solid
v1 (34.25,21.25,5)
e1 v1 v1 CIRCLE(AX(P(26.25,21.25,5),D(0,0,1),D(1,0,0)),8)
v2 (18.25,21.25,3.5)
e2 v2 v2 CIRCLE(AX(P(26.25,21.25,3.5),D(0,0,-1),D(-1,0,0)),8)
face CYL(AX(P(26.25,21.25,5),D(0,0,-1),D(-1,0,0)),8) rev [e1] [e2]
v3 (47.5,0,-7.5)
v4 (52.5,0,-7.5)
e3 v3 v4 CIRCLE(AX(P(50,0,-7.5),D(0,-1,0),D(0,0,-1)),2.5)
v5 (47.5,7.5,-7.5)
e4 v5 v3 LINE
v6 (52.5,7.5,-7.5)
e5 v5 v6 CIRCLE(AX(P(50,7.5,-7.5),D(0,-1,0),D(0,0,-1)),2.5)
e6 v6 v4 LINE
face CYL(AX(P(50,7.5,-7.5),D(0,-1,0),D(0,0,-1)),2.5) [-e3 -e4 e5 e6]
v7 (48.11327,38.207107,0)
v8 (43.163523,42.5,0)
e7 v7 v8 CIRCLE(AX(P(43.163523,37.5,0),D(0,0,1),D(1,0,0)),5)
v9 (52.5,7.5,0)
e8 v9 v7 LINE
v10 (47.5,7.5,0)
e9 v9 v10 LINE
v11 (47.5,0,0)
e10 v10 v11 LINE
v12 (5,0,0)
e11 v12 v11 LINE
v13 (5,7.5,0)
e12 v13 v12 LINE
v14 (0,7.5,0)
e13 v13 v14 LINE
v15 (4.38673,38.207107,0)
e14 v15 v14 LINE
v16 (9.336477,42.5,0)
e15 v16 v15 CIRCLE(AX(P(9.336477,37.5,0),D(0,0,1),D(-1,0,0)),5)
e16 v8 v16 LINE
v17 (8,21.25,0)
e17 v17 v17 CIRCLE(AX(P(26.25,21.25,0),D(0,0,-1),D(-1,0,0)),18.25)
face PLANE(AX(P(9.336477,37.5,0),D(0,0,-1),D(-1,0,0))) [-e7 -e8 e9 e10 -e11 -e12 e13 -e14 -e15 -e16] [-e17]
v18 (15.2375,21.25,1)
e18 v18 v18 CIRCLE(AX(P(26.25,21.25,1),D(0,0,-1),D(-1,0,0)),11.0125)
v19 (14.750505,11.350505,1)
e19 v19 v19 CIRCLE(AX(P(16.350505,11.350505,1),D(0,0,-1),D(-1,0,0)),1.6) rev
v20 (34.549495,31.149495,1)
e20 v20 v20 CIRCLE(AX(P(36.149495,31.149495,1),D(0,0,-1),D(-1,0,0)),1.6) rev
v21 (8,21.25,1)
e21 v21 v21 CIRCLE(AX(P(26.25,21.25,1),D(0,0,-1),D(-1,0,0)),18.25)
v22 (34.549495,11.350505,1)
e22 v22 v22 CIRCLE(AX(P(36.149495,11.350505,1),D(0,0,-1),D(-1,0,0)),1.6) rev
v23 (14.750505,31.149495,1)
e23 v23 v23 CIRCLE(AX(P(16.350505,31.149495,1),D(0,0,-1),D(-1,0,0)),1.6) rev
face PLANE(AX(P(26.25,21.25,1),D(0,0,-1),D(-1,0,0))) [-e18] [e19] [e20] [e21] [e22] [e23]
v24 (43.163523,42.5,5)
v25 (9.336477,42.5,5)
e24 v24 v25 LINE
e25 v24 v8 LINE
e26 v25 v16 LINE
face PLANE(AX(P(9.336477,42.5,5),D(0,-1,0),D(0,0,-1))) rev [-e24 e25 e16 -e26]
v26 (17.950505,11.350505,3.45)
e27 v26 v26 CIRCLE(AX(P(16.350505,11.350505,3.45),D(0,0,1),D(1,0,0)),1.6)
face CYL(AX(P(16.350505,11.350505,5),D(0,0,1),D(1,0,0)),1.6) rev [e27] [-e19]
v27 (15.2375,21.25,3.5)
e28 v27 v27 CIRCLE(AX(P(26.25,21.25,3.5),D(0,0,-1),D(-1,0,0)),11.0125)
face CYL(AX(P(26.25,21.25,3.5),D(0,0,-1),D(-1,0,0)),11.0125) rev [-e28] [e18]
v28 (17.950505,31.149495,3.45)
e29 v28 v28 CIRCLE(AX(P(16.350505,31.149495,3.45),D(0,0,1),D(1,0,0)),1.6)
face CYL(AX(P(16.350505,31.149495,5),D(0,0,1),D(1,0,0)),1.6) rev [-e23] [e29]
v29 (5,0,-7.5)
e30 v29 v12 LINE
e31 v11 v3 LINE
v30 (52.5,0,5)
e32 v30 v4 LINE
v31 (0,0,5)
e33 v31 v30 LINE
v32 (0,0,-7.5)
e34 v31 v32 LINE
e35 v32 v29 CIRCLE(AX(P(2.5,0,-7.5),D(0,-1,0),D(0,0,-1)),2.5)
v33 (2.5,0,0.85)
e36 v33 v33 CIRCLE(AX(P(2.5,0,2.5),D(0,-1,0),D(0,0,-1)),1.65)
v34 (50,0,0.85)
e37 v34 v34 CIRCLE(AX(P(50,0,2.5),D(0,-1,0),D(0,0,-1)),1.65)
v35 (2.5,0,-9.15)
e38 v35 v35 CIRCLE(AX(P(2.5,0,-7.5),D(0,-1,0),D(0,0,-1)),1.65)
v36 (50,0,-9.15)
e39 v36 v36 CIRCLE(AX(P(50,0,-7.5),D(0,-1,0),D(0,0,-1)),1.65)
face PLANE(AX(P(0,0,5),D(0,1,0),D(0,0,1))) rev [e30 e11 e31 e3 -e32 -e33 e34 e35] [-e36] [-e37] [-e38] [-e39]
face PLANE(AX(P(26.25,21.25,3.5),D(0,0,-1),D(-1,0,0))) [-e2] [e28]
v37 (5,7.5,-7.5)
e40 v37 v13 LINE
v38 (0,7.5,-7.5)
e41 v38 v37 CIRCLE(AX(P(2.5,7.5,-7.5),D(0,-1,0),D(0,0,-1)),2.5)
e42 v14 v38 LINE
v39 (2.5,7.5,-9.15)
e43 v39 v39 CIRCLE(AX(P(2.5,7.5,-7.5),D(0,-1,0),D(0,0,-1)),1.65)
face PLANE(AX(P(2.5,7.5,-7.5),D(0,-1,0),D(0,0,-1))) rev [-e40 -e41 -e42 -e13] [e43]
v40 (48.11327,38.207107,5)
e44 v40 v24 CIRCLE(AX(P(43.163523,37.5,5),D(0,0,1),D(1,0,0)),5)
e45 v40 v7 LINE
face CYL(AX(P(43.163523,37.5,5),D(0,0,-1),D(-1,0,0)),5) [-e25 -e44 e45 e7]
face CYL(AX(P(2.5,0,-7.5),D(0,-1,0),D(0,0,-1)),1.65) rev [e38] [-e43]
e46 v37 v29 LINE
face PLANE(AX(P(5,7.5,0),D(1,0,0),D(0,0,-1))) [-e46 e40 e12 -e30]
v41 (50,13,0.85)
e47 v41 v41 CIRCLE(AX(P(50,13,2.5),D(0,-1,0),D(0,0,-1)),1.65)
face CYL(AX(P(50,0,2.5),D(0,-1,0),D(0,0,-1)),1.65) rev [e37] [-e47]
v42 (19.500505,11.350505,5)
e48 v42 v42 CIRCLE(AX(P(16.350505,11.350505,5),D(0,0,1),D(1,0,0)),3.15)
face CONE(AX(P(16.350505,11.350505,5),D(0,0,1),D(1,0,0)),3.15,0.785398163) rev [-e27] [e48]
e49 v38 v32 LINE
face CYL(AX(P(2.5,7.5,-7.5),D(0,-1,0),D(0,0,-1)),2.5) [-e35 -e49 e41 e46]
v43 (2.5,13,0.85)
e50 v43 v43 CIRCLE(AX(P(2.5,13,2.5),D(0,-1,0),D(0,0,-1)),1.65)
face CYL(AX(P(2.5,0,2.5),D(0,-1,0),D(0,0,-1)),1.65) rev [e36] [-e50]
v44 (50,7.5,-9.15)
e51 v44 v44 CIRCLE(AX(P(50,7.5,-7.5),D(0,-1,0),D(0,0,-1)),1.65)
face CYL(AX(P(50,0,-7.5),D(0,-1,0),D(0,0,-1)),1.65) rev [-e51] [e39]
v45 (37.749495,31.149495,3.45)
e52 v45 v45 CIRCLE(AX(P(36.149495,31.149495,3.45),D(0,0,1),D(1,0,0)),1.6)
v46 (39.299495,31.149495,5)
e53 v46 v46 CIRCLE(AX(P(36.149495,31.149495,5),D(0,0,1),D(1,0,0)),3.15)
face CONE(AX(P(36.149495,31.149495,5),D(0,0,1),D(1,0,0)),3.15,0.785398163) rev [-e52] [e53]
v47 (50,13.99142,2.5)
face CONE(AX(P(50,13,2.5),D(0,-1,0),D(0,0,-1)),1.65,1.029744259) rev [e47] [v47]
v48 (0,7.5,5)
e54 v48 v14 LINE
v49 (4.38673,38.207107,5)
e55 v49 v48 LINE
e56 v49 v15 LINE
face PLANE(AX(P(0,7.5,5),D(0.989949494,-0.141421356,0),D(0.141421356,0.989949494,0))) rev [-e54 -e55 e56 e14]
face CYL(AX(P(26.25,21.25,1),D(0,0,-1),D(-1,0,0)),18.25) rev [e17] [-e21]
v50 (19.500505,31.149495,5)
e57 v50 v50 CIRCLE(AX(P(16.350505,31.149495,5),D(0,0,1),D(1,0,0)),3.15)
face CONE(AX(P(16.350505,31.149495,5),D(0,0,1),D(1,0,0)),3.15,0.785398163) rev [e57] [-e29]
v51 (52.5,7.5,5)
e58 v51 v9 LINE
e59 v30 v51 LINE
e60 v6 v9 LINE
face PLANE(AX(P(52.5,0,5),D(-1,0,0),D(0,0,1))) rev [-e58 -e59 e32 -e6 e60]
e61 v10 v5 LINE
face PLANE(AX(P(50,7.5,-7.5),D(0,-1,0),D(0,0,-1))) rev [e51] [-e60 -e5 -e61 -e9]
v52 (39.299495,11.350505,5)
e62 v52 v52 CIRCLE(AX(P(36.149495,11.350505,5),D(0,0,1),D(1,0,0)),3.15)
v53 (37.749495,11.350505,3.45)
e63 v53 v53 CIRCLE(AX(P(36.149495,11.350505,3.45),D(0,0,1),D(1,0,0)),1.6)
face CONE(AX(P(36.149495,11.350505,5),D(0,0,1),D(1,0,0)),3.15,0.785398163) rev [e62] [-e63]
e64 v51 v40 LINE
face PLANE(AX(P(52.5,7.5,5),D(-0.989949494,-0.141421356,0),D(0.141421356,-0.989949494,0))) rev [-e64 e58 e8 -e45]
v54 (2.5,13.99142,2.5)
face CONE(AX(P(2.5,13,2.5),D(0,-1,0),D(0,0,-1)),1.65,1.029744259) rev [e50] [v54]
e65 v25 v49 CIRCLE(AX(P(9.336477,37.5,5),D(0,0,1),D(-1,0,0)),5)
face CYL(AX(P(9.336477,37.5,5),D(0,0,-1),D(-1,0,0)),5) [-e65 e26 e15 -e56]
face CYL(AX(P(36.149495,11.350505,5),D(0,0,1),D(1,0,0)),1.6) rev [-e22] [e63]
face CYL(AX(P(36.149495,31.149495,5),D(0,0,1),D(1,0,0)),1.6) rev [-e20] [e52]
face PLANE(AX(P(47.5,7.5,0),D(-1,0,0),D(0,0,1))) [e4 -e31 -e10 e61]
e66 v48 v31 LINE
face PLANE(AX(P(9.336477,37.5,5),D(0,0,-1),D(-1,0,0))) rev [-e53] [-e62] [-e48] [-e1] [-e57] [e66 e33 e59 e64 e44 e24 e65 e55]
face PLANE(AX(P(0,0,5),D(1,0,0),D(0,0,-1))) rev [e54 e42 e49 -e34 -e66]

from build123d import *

# Parameters (mm, degrees)
SKIZZE1_R                                            = 8
AUFSATZ_LINEAR_AUSTRAGEN1_DEPTH                      = 5
AUFSATZ_LINEAR_AUSTRAGEN2_DEPTH                      = 7.5
FORMSENKUNG_F_R_M3_SENKSCHRAUBE_MIT_SCHL_D           = 3.2
FORMSENKUNG_F_R_M3_SENKSCHRAUBE_MIT_SCHL_CSINK_D     = 6.3
FORMSENKUNG_F_R_M3_SENKSCHRAUBE_MIT_SCHL_CSINK_ANGLE = 90
M4_GEWINDEBOHRUNG2_D                                 = 3.3
M4_GEWINDEBOHRUNG2_DEPTH                             = 13
M4_GEWINDEBOHRUNG2_TIP                               = 0.991420021
SKIZZE15_R                                           = 18.25
SCHNITT_LINEAR_AUSTRAGEN1_DEPTH                      = 1
SKIZZE16_R                                           = 11.0125
SCHNITT_LINEAR_AUSTRAGEN2_DEPTH                      = 2.5


with BuildPart() as part:
    # Skizze1 → Aufsatz-Linear austragen1 (new body)
    with BuildSketch(Plane.XY):
        with BuildLine():
            Line((0, 0), (52.5, 0))
            Line((52.5, 0), (52.5, 7.5))
            Line((52.5, 7.5), (48.11327046, 38.207106781))
            ThreePointArc((48.11327046, 38.207106781), (46.439531698, 41.277269775), (43.163522992, 42.5))
            Line((43.163522992, 42.5), (9.336477008, 42.5))
            ThreePointArc((9.336477008, 42.5), (6.060468302, 41.277269775), (4.38672954, 38.207106781))
            Line((4.38672954, 38.207106781), (0, 7.5))
            Line((0, 7.5), (0, 0))
        make_face()
        with Locations((26.25, 21.25)):
            Circle(SKIZZE1_R, mode=Mode.SUBTRACT)
    extrude(amount=AUFSATZ_LINEAR_AUSTRAGEN1_DEPTH)

    # Skizze4 → Aufsatz-Linear austragen2 (add)
    with BuildSketch(Plane.XZ):
        with BuildLine():
            Line((52.5, 0), (47.5, 0))
            Line((47.5, 0), (47.5, -7.5))
            ThreePointArc((47.5, -7.5), (50, -10), (52.5, -7.5))
            Line((52.5, -7.5), (52.5, 0))
        make_face()
        with BuildLine():
            Line((0, 0), (5, 0))
            Line((5, 0), (5, -7.5))
            ThreePointArc((5, -7.5), (2.5, -10), (0, -7.5))
            Line((0, -7.5), (0, 0))
        make_face()
    extrude(amount=-AUFSATZ_LINEAR_AUSTRAGEN2_DEPTH)

    # Formsenkung für M3 Senkschraube mit Schlitz/Kreuzschlitz1 (through all)
    with Locations(Plane.XY.offset(5)):
        with Locations((16.350505063, 31.149494937), (36.149494937, 11.350505063), (16.350505063, 11.350505063), (36.149494937, 31.149494937)):
            CounterSinkHole(FORMSENKUNG_F_R_M3_SENKSCHRAUBE_MIT_SCHL_D / 2, FORMSENKUNG_F_R_M3_SENKSCHRAUBE_MIT_SCHL_CSINK_D / 2, counter_sink_angle=FORMSENKUNG_F_R_M3_SENKSCHRAUBE_MIT_SCHL_CSINK_ANGLE)

    # M4 Gewindebohrung2
    with Locations(Plane(origin=(0, 0, 0), x_dir=(-1, 0, 0), z_dir=(0, -1, 0))):
        with Locations((-2.5, 7.5), (-50, 7.5), (-50, -2.5), (-2.5, -2.5)):
            Hole(M4_GEWINDEBOHRUNG2_D / 2, depth=M4_GEWINDEBOHRUNG2_DEPTH)
            with Locations((0, 0, -(M4_GEWINDEBOHRUNG2_DEPTH + M4_GEWINDEBOHRUNG2_TIP / 2))):  # 118° drill point
                Cone(0, M4_GEWINDEBOHRUNG2_D / 2, M4_GEWINDEBOHRUNG2_TIP, mode=Mode.SUBTRACT)

    # Skizze15 → Schnitt-Linear austragen1 (cut)
    with BuildSketch(Plane(origin=(0, 0, 0), x_dir=(-1, 0, 0), z_dir=(0, 0, -1))):
        with Locations((-26.25, 21.25)):
            Circle(SKIZZE15_R)
    extrude(amount=-SCHNITT_LINEAR_AUSTRAGEN1_DEPTH, mode=Mode.SUBTRACT)

    # Skizze16 → Schnitt-Linear austragen2 (cut)
    with BuildSketch(Plane(origin=(0, 0, 1), x_dir=(-1, 0, 0), z_dir=(0, 0, -1))):
        with Locations((-26.25, 21.25)):
            Circle(SKIZZE16_R)
    extrude(amount=-SCHNITT_LINEAR_AUSTRAGEN2_DEPTH, mode=Mode.SUBTRACT)


solid = part.part
